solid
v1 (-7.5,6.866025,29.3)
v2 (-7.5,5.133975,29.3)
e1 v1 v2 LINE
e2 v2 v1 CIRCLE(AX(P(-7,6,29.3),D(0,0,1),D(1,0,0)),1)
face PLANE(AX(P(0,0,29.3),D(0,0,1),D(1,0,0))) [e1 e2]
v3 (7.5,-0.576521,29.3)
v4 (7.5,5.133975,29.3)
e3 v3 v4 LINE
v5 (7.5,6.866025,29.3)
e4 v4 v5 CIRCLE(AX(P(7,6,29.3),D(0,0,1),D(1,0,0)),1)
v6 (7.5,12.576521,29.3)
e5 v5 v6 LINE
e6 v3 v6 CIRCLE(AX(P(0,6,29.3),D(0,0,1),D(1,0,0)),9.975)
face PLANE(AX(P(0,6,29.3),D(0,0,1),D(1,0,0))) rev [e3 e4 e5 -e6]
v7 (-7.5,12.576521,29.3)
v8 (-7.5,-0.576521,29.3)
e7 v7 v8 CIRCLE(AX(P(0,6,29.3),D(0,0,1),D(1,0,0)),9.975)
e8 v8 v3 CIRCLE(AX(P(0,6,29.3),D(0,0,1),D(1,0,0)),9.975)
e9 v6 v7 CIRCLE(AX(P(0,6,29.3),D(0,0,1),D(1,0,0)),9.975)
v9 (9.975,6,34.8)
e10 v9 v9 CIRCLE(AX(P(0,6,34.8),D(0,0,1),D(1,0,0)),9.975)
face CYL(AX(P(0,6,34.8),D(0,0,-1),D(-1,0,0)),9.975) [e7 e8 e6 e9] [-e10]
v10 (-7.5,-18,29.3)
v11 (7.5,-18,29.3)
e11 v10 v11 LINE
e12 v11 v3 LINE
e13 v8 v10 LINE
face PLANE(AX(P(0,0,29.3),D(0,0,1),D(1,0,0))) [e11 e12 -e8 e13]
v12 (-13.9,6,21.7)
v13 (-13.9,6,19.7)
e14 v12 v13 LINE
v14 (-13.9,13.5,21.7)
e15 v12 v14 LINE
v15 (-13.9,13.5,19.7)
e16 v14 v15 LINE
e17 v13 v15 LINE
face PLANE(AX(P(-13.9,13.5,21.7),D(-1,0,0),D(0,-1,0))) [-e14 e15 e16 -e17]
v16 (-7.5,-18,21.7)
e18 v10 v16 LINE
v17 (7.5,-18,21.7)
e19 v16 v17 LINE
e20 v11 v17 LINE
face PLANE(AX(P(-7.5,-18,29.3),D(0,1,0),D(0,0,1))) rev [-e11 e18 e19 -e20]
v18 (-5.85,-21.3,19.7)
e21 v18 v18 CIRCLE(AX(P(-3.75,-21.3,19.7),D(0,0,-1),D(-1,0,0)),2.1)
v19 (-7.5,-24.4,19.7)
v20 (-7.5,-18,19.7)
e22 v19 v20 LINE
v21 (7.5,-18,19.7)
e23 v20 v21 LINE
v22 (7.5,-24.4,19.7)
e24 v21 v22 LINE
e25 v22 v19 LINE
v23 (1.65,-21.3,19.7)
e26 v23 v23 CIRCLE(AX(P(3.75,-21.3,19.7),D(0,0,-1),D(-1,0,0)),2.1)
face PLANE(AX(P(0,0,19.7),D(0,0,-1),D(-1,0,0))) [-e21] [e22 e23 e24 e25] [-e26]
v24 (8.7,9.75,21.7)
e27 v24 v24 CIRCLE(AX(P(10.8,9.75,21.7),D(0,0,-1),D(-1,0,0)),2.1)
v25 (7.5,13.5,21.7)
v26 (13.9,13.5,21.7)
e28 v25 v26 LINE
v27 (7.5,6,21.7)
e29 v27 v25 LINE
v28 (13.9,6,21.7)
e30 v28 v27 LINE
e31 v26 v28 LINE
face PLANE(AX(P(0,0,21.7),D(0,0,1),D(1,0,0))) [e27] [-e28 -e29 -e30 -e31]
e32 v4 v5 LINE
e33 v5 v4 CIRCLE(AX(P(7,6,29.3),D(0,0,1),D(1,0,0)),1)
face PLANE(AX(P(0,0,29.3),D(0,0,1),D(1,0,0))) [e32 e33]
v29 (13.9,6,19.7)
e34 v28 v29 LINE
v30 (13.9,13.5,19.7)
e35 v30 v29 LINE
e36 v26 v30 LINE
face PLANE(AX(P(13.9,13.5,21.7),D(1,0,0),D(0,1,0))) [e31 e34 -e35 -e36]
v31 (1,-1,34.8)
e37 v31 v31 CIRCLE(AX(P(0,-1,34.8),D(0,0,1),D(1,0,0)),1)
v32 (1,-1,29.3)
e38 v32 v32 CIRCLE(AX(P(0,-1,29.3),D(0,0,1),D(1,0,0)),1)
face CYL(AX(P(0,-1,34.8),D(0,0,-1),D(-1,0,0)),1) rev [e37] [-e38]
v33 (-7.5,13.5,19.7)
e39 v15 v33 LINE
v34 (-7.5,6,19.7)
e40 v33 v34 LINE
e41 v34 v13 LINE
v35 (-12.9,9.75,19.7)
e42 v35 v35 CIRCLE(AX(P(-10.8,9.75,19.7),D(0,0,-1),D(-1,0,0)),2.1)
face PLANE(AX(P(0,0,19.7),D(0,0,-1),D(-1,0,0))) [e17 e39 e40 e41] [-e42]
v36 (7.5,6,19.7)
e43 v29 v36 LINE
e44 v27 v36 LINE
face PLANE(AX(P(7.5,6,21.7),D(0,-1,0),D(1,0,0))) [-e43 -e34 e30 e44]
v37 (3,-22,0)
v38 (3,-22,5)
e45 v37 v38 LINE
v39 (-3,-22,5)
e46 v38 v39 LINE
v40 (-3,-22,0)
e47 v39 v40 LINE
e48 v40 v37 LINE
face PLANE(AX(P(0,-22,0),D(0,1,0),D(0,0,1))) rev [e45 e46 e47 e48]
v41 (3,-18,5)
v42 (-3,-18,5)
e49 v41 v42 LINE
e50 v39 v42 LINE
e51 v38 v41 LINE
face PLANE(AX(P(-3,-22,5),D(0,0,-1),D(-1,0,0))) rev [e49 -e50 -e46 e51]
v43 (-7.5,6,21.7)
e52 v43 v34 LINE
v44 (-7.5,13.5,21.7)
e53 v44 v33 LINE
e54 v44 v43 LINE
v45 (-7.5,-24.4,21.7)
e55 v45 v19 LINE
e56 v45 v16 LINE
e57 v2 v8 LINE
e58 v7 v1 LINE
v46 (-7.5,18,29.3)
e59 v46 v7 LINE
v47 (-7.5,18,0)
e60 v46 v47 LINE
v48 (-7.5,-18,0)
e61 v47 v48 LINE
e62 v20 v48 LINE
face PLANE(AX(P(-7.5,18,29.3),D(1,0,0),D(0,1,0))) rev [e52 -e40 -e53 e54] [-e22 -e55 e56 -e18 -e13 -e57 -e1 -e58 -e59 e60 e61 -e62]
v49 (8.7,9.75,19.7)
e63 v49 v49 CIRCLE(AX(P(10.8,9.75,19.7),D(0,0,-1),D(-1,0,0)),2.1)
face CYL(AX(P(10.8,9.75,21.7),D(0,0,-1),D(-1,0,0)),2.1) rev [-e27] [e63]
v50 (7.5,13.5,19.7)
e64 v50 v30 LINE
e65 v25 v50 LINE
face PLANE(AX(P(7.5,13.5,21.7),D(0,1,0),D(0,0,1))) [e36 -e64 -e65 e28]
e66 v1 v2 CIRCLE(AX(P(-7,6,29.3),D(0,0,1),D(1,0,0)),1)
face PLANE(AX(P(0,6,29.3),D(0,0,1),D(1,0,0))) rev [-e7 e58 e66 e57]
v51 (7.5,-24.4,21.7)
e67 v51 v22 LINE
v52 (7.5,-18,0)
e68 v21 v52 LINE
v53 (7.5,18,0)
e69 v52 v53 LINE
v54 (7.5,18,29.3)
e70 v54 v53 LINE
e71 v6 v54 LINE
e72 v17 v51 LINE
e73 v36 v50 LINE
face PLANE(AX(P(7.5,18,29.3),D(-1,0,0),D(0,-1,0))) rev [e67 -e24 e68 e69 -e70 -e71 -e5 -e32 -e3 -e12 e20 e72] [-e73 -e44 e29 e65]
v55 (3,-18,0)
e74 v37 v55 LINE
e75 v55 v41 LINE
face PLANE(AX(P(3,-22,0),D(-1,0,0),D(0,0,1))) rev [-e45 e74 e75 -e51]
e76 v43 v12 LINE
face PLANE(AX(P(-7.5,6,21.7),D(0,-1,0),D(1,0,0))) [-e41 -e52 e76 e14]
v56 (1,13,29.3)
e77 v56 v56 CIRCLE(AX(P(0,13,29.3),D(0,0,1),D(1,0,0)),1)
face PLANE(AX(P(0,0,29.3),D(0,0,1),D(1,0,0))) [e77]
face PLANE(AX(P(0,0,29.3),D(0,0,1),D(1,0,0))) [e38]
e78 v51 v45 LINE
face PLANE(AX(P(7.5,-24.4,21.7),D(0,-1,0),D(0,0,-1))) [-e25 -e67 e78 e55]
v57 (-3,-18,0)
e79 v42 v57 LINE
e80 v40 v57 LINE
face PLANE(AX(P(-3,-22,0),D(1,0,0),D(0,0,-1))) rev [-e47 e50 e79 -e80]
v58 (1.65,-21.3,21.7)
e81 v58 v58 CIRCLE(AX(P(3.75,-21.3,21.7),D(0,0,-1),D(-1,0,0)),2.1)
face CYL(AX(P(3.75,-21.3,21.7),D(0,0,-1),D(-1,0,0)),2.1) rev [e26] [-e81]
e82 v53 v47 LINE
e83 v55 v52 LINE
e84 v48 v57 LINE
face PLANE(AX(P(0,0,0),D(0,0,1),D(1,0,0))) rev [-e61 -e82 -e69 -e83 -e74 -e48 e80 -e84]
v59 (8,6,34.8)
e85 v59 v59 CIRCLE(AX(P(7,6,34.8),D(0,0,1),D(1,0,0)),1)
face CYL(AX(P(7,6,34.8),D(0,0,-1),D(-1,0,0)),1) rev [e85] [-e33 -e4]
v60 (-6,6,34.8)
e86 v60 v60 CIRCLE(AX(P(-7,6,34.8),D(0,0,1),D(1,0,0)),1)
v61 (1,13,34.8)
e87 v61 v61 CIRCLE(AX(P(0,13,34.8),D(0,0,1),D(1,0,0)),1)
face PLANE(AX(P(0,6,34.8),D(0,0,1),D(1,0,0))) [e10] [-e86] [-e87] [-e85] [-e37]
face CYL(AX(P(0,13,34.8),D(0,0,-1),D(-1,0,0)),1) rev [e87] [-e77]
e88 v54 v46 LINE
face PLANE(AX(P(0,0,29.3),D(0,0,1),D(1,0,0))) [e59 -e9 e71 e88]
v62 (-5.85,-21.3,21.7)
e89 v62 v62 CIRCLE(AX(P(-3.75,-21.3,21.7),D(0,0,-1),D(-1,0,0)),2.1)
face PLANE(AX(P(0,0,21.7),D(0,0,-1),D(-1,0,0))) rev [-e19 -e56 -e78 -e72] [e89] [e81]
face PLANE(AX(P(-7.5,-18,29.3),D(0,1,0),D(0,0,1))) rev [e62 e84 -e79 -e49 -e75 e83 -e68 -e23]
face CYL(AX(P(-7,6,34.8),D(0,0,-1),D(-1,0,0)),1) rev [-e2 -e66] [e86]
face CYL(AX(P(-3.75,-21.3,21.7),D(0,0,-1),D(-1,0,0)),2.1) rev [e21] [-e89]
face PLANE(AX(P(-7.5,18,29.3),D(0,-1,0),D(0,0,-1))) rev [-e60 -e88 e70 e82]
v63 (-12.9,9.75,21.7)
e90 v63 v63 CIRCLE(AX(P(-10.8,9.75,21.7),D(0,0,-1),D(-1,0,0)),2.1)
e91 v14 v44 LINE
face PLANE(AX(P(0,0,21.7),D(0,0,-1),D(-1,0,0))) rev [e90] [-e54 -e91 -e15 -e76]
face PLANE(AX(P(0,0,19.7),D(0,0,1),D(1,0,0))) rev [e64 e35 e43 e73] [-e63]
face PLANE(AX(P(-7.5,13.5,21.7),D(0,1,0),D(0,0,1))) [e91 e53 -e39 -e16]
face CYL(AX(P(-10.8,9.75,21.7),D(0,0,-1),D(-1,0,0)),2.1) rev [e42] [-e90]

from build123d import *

# Parameters (mm, degrees)
SKETCH_1_W      = 15
SKETCH_1_H      = 36
EXTRUDE_1_DEPTH = 29.3
SKETCH_2_R      = 9.975
SKETCH_2_R_2    = 1
EXTRUDE_2_DEPTH = 5.5
EXTRUDE_START   = -19.7
SKETCH_3_W      = 15
SKETCH_3_H      = 6.4
SKETCH_3_R      = 2.1
SKETCH_3_W_2    = 6.4
SKETCH_3_H_2    = 7.5
EXTRUDE_3_DEPTH = 2
SKETCH_4_W      = 6
SKETCH_4_H      = 5
EXTRUDE_4_DEPTH = 4


with BuildPart() as part:
    # 스케치1 → 보스-돌출1 (new body)
    with BuildSketch(Plane.XY):
        Rectangle(SKETCH_1_W, SKETCH_1_H)
    extrude(amount=EXTRUDE_1_DEPTH)

    # 스케치2 → 보스-돌출2 (add)
    with BuildSketch(Plane.XY.offset(29.3)):
        with Locations(Location((0, 6, 0), (0, 0, 221.246533369))):
            Circle(SKETCH_2_R)
        with Locations((0, 13)):
            Circle(SKETCH_2_R_2, mode=Mode.SUBTRACT)
        with Locations(Location((7, 6, 0), (0, 0, 60))):
            Circle(SKETCH_2_R_2, mode=Mode.SUBTRACT)
        with Locations((0, -1)):
            Circle(SKETCH_2_R_2, mode=Mode.SUBTRACT)
        with Locations(Location((-7, 6, 0), (0, 0, 120))):
            Circle(SKETCH_2_R_2, mode=Mode.SUBTRACT)
    extrude(amount=EXTRUDE_2_DEPTH)

    # 스케치3 → 보스-돌출3 (add)
    # profile 1 of 3: a face of its own
    with BuildSketch(Plane(origin=(0, 0, 0), x_dir=(-1, 0, 0), z_dir=(0, 0, -1)).offset(EXTRUDE_START)):
        with Locations((0, -21.2)):
            Rectangle(SKETCH_3_W, SKETCH_3_H)
        with Locations((-3.75, -21.3)):
            Circle(SKETCH_3_R, mode=Mode.SUBTRACT)
        with Locations((3.75, -21.3)):
            Circle(SKETCH_3_R, mode=Mode.SUBTRACT)
    # profile 2 of 3: a face of its own
    with BuildSketch(Plane(origin=(0, 0, 0), x_dir=(-1, 0, 0), z_dir=(0, 0, -1)).offset(EXTRUDE_START)):
        with Locations((-10.7, 9.75)):
            Rectangle(SKETCH_3_W_2, SKETCH_3_H_2)
        with Locations((-10.8, 9.75)):
            Circle(SKETCH_3_R, mode=Mode.SUBTRACT)
    # profile 3 of 3: a face of its own
    with BuildSketch(Plane(origin=(0, 0, 0), x_dir=(-1, 0, 0), z_dir=(0, 0, -1)).offset(EXTRUDE_START)):
        with Locations((10.7, 9.75)):
            Rectangle(SKETCH_3_W_2, SKETCH_3_H_2)
        with Locations((10.8, 9.75)):
            Circle(SKETCH_3_R, mode=Mode.SUBTRACT)
    extrude(amount=-EXTRUDE_3_DEPTH)

    # 스케치4 → 보스-돌출4 (add)
    with BuildSketch(Plane.XZ.offset(18)):
        with Locations((0, 2.5)):
            Rectangle(SKETCH_4_W, SKETCH_4_H)
    extrude(amount=EXTRUDE_4_DEPTH)


solid = part.part
